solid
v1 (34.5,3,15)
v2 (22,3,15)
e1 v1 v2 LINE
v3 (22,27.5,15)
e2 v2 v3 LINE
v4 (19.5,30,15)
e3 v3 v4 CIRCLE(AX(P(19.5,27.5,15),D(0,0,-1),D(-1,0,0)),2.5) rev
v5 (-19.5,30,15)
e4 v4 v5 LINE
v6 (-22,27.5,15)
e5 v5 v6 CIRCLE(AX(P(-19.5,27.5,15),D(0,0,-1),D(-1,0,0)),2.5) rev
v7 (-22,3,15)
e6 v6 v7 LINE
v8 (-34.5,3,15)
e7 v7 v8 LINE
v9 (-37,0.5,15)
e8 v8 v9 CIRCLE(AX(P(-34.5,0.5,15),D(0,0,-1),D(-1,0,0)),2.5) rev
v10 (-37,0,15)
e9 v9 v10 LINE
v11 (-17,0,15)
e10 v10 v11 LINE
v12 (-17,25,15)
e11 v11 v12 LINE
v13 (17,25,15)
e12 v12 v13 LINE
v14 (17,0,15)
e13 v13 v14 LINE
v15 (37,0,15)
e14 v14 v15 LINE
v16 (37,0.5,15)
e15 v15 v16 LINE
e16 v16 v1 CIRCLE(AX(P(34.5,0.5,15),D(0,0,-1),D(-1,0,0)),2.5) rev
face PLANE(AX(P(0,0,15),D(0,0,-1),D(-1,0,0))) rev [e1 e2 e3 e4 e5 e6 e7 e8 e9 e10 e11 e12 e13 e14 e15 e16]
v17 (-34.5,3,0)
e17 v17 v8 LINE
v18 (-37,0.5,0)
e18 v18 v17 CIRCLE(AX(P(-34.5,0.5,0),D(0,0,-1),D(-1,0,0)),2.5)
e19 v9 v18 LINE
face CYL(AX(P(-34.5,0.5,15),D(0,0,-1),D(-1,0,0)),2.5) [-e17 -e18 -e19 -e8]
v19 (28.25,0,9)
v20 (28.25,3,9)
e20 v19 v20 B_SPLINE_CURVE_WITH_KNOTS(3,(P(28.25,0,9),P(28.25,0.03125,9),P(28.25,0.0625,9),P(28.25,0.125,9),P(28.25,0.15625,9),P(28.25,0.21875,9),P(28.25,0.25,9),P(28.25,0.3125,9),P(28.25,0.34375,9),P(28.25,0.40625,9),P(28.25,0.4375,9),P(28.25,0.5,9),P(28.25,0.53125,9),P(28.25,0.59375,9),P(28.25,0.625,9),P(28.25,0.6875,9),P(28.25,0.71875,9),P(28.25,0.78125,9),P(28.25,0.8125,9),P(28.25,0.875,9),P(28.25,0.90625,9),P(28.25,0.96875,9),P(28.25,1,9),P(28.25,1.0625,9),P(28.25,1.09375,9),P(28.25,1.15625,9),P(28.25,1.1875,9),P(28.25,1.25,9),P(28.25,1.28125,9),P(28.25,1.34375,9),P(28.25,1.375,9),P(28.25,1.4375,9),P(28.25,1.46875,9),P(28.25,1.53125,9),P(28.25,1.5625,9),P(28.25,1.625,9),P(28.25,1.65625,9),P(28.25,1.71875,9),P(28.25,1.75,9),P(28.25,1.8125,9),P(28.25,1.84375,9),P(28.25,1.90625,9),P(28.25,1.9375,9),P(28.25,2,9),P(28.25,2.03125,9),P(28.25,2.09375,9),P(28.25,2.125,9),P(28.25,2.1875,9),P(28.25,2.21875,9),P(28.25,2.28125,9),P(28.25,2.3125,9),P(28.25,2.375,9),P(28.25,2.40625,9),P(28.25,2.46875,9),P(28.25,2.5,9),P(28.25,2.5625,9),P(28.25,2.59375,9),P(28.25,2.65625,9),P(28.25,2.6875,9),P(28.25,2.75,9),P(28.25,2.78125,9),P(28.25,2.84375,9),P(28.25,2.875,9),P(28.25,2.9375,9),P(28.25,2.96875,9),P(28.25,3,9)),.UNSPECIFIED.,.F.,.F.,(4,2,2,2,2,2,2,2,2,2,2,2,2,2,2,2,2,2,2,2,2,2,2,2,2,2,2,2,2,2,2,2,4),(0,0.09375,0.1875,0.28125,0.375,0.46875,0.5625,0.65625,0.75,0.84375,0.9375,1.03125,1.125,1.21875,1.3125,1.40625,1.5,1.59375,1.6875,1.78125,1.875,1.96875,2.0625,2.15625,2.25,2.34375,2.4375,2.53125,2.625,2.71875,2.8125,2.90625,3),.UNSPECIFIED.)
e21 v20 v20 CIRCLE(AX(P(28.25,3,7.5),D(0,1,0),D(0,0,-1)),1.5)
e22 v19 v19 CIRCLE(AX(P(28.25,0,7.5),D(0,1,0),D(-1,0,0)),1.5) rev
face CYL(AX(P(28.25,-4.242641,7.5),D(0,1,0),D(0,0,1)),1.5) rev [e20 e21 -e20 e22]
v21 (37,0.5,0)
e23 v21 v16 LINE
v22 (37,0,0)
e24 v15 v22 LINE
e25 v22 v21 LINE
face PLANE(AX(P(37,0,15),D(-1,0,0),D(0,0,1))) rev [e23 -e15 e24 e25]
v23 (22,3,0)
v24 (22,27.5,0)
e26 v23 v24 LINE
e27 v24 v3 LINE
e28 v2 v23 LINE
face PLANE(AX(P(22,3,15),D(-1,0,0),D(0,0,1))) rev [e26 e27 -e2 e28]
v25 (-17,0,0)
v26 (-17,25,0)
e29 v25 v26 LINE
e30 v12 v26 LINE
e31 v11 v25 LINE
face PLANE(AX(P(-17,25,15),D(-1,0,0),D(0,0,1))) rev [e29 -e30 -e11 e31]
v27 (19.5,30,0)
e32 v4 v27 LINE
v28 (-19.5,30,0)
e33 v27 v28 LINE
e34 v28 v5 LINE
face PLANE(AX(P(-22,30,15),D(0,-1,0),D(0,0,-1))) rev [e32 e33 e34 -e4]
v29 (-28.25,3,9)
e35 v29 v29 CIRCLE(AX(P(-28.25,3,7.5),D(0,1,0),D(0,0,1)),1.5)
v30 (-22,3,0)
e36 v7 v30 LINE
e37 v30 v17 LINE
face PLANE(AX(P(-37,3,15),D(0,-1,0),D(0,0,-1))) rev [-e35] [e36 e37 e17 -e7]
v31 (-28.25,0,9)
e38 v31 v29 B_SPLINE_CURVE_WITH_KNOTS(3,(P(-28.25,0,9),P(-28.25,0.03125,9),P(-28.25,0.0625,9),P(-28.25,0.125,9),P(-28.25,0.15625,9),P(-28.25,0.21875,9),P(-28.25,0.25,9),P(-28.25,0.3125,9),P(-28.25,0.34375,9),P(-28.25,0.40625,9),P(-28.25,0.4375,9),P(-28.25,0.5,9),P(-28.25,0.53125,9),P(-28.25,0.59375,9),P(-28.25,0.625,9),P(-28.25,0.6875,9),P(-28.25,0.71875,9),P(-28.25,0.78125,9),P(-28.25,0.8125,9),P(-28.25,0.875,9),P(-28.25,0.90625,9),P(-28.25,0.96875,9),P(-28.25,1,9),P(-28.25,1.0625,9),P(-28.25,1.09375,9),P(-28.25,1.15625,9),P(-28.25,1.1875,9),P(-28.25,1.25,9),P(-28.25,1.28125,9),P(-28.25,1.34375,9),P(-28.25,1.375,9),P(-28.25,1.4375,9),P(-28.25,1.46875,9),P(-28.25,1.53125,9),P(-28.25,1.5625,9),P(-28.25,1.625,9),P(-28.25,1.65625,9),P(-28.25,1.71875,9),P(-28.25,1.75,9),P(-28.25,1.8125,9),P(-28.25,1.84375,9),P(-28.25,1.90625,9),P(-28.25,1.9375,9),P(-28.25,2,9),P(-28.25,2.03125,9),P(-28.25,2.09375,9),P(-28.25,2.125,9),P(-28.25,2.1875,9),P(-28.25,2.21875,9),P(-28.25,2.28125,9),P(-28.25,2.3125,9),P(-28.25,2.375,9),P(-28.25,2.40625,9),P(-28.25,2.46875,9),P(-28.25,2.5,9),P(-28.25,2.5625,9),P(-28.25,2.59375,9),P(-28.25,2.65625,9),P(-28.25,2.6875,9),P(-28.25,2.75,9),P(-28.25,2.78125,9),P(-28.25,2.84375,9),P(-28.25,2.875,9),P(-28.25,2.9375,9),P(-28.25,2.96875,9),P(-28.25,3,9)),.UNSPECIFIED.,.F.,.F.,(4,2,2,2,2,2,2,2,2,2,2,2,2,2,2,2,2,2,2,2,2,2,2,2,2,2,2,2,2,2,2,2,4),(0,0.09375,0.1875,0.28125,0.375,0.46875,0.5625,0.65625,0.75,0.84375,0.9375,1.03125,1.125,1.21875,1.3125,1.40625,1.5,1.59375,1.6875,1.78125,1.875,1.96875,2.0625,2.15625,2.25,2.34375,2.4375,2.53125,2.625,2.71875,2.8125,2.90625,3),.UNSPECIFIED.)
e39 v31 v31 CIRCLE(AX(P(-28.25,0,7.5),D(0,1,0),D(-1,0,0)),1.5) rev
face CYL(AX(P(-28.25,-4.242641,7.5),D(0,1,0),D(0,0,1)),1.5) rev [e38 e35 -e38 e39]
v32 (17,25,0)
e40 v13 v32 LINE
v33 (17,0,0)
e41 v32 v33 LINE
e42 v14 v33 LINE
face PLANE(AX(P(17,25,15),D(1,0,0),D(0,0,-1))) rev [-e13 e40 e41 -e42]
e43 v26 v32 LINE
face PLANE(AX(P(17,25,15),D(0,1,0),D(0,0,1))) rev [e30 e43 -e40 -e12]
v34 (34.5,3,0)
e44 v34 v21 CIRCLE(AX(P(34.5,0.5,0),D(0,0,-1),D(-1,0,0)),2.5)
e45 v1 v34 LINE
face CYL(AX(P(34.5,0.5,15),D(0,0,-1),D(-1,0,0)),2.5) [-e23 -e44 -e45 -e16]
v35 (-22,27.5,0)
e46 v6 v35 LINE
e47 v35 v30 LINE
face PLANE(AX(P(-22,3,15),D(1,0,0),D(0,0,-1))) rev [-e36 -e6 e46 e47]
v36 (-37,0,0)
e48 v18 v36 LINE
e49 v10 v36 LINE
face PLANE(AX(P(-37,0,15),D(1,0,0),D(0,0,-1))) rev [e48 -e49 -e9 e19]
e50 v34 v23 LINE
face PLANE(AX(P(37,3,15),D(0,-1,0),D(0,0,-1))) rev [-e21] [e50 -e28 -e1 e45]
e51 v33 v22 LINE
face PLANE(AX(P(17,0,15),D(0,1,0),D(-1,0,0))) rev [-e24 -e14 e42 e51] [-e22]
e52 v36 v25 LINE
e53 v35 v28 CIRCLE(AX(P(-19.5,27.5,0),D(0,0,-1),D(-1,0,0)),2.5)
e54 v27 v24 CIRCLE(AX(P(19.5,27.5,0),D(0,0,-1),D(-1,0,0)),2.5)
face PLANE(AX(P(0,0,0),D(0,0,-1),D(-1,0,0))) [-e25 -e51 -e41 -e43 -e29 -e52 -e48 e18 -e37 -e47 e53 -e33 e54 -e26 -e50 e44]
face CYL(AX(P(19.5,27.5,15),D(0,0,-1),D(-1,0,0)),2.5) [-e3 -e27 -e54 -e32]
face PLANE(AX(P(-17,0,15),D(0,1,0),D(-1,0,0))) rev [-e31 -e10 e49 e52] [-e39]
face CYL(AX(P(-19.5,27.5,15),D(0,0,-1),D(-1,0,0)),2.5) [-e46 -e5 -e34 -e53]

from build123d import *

# Parameters (mm, degrees)
BOSS_EXTRUDE1_DEPTH = 15
FILLET1_R           = 2.5
SKETCH2_R           = 1.5
CUT_EXTRUDE1_DEPTH  = 3


with BuildPart() as part:
    # Sketch1 → Boss-Extrude1 (new body)
    with BuildSketch(Plane.XY):
        Polygon((17, 25), (-17, 25), (-17, 0), (-37, 0), (-37, 3), (-22, 3), (-22, 30), (22, 30), (22, 3), (37, 3), (37, 0), (17, 0), align=None)
    extrude(amount=BOSS_EXTRUDE1_DEPTH)

    # Fillet1
    fillet1_edges = [part.edges().sort_by_distance(p)[0] for p in [
        (-37, 3, 7.5),
        (-22, 30, 7.5),
        (22, 30, 7.5),
        (37, 3, 7.5),
    ]]
    fillet(fillet1_edges, radius=FILLET1_R)

    # Sketch2 → Cut-Extrude1 (cut)
    with BuildSketch(Plane(origin=(0, 3, 0), x_dir=(1, 0, 0), z_dir=(0, 1, 0))):
        with Locations(Location((-28.25, -7.5, 0), (0, 0, 270))):
            Circle(SKETCH2_R)
        with Locations(Location((28.25, -7.5, 0), (0, 0, 270))):
            Circle(SKETCH2_R)
    extrude(amount=-CUT_EXTRUDE1_DEPTH, mode=Mode.SUBTRACT)


solid = part.part
